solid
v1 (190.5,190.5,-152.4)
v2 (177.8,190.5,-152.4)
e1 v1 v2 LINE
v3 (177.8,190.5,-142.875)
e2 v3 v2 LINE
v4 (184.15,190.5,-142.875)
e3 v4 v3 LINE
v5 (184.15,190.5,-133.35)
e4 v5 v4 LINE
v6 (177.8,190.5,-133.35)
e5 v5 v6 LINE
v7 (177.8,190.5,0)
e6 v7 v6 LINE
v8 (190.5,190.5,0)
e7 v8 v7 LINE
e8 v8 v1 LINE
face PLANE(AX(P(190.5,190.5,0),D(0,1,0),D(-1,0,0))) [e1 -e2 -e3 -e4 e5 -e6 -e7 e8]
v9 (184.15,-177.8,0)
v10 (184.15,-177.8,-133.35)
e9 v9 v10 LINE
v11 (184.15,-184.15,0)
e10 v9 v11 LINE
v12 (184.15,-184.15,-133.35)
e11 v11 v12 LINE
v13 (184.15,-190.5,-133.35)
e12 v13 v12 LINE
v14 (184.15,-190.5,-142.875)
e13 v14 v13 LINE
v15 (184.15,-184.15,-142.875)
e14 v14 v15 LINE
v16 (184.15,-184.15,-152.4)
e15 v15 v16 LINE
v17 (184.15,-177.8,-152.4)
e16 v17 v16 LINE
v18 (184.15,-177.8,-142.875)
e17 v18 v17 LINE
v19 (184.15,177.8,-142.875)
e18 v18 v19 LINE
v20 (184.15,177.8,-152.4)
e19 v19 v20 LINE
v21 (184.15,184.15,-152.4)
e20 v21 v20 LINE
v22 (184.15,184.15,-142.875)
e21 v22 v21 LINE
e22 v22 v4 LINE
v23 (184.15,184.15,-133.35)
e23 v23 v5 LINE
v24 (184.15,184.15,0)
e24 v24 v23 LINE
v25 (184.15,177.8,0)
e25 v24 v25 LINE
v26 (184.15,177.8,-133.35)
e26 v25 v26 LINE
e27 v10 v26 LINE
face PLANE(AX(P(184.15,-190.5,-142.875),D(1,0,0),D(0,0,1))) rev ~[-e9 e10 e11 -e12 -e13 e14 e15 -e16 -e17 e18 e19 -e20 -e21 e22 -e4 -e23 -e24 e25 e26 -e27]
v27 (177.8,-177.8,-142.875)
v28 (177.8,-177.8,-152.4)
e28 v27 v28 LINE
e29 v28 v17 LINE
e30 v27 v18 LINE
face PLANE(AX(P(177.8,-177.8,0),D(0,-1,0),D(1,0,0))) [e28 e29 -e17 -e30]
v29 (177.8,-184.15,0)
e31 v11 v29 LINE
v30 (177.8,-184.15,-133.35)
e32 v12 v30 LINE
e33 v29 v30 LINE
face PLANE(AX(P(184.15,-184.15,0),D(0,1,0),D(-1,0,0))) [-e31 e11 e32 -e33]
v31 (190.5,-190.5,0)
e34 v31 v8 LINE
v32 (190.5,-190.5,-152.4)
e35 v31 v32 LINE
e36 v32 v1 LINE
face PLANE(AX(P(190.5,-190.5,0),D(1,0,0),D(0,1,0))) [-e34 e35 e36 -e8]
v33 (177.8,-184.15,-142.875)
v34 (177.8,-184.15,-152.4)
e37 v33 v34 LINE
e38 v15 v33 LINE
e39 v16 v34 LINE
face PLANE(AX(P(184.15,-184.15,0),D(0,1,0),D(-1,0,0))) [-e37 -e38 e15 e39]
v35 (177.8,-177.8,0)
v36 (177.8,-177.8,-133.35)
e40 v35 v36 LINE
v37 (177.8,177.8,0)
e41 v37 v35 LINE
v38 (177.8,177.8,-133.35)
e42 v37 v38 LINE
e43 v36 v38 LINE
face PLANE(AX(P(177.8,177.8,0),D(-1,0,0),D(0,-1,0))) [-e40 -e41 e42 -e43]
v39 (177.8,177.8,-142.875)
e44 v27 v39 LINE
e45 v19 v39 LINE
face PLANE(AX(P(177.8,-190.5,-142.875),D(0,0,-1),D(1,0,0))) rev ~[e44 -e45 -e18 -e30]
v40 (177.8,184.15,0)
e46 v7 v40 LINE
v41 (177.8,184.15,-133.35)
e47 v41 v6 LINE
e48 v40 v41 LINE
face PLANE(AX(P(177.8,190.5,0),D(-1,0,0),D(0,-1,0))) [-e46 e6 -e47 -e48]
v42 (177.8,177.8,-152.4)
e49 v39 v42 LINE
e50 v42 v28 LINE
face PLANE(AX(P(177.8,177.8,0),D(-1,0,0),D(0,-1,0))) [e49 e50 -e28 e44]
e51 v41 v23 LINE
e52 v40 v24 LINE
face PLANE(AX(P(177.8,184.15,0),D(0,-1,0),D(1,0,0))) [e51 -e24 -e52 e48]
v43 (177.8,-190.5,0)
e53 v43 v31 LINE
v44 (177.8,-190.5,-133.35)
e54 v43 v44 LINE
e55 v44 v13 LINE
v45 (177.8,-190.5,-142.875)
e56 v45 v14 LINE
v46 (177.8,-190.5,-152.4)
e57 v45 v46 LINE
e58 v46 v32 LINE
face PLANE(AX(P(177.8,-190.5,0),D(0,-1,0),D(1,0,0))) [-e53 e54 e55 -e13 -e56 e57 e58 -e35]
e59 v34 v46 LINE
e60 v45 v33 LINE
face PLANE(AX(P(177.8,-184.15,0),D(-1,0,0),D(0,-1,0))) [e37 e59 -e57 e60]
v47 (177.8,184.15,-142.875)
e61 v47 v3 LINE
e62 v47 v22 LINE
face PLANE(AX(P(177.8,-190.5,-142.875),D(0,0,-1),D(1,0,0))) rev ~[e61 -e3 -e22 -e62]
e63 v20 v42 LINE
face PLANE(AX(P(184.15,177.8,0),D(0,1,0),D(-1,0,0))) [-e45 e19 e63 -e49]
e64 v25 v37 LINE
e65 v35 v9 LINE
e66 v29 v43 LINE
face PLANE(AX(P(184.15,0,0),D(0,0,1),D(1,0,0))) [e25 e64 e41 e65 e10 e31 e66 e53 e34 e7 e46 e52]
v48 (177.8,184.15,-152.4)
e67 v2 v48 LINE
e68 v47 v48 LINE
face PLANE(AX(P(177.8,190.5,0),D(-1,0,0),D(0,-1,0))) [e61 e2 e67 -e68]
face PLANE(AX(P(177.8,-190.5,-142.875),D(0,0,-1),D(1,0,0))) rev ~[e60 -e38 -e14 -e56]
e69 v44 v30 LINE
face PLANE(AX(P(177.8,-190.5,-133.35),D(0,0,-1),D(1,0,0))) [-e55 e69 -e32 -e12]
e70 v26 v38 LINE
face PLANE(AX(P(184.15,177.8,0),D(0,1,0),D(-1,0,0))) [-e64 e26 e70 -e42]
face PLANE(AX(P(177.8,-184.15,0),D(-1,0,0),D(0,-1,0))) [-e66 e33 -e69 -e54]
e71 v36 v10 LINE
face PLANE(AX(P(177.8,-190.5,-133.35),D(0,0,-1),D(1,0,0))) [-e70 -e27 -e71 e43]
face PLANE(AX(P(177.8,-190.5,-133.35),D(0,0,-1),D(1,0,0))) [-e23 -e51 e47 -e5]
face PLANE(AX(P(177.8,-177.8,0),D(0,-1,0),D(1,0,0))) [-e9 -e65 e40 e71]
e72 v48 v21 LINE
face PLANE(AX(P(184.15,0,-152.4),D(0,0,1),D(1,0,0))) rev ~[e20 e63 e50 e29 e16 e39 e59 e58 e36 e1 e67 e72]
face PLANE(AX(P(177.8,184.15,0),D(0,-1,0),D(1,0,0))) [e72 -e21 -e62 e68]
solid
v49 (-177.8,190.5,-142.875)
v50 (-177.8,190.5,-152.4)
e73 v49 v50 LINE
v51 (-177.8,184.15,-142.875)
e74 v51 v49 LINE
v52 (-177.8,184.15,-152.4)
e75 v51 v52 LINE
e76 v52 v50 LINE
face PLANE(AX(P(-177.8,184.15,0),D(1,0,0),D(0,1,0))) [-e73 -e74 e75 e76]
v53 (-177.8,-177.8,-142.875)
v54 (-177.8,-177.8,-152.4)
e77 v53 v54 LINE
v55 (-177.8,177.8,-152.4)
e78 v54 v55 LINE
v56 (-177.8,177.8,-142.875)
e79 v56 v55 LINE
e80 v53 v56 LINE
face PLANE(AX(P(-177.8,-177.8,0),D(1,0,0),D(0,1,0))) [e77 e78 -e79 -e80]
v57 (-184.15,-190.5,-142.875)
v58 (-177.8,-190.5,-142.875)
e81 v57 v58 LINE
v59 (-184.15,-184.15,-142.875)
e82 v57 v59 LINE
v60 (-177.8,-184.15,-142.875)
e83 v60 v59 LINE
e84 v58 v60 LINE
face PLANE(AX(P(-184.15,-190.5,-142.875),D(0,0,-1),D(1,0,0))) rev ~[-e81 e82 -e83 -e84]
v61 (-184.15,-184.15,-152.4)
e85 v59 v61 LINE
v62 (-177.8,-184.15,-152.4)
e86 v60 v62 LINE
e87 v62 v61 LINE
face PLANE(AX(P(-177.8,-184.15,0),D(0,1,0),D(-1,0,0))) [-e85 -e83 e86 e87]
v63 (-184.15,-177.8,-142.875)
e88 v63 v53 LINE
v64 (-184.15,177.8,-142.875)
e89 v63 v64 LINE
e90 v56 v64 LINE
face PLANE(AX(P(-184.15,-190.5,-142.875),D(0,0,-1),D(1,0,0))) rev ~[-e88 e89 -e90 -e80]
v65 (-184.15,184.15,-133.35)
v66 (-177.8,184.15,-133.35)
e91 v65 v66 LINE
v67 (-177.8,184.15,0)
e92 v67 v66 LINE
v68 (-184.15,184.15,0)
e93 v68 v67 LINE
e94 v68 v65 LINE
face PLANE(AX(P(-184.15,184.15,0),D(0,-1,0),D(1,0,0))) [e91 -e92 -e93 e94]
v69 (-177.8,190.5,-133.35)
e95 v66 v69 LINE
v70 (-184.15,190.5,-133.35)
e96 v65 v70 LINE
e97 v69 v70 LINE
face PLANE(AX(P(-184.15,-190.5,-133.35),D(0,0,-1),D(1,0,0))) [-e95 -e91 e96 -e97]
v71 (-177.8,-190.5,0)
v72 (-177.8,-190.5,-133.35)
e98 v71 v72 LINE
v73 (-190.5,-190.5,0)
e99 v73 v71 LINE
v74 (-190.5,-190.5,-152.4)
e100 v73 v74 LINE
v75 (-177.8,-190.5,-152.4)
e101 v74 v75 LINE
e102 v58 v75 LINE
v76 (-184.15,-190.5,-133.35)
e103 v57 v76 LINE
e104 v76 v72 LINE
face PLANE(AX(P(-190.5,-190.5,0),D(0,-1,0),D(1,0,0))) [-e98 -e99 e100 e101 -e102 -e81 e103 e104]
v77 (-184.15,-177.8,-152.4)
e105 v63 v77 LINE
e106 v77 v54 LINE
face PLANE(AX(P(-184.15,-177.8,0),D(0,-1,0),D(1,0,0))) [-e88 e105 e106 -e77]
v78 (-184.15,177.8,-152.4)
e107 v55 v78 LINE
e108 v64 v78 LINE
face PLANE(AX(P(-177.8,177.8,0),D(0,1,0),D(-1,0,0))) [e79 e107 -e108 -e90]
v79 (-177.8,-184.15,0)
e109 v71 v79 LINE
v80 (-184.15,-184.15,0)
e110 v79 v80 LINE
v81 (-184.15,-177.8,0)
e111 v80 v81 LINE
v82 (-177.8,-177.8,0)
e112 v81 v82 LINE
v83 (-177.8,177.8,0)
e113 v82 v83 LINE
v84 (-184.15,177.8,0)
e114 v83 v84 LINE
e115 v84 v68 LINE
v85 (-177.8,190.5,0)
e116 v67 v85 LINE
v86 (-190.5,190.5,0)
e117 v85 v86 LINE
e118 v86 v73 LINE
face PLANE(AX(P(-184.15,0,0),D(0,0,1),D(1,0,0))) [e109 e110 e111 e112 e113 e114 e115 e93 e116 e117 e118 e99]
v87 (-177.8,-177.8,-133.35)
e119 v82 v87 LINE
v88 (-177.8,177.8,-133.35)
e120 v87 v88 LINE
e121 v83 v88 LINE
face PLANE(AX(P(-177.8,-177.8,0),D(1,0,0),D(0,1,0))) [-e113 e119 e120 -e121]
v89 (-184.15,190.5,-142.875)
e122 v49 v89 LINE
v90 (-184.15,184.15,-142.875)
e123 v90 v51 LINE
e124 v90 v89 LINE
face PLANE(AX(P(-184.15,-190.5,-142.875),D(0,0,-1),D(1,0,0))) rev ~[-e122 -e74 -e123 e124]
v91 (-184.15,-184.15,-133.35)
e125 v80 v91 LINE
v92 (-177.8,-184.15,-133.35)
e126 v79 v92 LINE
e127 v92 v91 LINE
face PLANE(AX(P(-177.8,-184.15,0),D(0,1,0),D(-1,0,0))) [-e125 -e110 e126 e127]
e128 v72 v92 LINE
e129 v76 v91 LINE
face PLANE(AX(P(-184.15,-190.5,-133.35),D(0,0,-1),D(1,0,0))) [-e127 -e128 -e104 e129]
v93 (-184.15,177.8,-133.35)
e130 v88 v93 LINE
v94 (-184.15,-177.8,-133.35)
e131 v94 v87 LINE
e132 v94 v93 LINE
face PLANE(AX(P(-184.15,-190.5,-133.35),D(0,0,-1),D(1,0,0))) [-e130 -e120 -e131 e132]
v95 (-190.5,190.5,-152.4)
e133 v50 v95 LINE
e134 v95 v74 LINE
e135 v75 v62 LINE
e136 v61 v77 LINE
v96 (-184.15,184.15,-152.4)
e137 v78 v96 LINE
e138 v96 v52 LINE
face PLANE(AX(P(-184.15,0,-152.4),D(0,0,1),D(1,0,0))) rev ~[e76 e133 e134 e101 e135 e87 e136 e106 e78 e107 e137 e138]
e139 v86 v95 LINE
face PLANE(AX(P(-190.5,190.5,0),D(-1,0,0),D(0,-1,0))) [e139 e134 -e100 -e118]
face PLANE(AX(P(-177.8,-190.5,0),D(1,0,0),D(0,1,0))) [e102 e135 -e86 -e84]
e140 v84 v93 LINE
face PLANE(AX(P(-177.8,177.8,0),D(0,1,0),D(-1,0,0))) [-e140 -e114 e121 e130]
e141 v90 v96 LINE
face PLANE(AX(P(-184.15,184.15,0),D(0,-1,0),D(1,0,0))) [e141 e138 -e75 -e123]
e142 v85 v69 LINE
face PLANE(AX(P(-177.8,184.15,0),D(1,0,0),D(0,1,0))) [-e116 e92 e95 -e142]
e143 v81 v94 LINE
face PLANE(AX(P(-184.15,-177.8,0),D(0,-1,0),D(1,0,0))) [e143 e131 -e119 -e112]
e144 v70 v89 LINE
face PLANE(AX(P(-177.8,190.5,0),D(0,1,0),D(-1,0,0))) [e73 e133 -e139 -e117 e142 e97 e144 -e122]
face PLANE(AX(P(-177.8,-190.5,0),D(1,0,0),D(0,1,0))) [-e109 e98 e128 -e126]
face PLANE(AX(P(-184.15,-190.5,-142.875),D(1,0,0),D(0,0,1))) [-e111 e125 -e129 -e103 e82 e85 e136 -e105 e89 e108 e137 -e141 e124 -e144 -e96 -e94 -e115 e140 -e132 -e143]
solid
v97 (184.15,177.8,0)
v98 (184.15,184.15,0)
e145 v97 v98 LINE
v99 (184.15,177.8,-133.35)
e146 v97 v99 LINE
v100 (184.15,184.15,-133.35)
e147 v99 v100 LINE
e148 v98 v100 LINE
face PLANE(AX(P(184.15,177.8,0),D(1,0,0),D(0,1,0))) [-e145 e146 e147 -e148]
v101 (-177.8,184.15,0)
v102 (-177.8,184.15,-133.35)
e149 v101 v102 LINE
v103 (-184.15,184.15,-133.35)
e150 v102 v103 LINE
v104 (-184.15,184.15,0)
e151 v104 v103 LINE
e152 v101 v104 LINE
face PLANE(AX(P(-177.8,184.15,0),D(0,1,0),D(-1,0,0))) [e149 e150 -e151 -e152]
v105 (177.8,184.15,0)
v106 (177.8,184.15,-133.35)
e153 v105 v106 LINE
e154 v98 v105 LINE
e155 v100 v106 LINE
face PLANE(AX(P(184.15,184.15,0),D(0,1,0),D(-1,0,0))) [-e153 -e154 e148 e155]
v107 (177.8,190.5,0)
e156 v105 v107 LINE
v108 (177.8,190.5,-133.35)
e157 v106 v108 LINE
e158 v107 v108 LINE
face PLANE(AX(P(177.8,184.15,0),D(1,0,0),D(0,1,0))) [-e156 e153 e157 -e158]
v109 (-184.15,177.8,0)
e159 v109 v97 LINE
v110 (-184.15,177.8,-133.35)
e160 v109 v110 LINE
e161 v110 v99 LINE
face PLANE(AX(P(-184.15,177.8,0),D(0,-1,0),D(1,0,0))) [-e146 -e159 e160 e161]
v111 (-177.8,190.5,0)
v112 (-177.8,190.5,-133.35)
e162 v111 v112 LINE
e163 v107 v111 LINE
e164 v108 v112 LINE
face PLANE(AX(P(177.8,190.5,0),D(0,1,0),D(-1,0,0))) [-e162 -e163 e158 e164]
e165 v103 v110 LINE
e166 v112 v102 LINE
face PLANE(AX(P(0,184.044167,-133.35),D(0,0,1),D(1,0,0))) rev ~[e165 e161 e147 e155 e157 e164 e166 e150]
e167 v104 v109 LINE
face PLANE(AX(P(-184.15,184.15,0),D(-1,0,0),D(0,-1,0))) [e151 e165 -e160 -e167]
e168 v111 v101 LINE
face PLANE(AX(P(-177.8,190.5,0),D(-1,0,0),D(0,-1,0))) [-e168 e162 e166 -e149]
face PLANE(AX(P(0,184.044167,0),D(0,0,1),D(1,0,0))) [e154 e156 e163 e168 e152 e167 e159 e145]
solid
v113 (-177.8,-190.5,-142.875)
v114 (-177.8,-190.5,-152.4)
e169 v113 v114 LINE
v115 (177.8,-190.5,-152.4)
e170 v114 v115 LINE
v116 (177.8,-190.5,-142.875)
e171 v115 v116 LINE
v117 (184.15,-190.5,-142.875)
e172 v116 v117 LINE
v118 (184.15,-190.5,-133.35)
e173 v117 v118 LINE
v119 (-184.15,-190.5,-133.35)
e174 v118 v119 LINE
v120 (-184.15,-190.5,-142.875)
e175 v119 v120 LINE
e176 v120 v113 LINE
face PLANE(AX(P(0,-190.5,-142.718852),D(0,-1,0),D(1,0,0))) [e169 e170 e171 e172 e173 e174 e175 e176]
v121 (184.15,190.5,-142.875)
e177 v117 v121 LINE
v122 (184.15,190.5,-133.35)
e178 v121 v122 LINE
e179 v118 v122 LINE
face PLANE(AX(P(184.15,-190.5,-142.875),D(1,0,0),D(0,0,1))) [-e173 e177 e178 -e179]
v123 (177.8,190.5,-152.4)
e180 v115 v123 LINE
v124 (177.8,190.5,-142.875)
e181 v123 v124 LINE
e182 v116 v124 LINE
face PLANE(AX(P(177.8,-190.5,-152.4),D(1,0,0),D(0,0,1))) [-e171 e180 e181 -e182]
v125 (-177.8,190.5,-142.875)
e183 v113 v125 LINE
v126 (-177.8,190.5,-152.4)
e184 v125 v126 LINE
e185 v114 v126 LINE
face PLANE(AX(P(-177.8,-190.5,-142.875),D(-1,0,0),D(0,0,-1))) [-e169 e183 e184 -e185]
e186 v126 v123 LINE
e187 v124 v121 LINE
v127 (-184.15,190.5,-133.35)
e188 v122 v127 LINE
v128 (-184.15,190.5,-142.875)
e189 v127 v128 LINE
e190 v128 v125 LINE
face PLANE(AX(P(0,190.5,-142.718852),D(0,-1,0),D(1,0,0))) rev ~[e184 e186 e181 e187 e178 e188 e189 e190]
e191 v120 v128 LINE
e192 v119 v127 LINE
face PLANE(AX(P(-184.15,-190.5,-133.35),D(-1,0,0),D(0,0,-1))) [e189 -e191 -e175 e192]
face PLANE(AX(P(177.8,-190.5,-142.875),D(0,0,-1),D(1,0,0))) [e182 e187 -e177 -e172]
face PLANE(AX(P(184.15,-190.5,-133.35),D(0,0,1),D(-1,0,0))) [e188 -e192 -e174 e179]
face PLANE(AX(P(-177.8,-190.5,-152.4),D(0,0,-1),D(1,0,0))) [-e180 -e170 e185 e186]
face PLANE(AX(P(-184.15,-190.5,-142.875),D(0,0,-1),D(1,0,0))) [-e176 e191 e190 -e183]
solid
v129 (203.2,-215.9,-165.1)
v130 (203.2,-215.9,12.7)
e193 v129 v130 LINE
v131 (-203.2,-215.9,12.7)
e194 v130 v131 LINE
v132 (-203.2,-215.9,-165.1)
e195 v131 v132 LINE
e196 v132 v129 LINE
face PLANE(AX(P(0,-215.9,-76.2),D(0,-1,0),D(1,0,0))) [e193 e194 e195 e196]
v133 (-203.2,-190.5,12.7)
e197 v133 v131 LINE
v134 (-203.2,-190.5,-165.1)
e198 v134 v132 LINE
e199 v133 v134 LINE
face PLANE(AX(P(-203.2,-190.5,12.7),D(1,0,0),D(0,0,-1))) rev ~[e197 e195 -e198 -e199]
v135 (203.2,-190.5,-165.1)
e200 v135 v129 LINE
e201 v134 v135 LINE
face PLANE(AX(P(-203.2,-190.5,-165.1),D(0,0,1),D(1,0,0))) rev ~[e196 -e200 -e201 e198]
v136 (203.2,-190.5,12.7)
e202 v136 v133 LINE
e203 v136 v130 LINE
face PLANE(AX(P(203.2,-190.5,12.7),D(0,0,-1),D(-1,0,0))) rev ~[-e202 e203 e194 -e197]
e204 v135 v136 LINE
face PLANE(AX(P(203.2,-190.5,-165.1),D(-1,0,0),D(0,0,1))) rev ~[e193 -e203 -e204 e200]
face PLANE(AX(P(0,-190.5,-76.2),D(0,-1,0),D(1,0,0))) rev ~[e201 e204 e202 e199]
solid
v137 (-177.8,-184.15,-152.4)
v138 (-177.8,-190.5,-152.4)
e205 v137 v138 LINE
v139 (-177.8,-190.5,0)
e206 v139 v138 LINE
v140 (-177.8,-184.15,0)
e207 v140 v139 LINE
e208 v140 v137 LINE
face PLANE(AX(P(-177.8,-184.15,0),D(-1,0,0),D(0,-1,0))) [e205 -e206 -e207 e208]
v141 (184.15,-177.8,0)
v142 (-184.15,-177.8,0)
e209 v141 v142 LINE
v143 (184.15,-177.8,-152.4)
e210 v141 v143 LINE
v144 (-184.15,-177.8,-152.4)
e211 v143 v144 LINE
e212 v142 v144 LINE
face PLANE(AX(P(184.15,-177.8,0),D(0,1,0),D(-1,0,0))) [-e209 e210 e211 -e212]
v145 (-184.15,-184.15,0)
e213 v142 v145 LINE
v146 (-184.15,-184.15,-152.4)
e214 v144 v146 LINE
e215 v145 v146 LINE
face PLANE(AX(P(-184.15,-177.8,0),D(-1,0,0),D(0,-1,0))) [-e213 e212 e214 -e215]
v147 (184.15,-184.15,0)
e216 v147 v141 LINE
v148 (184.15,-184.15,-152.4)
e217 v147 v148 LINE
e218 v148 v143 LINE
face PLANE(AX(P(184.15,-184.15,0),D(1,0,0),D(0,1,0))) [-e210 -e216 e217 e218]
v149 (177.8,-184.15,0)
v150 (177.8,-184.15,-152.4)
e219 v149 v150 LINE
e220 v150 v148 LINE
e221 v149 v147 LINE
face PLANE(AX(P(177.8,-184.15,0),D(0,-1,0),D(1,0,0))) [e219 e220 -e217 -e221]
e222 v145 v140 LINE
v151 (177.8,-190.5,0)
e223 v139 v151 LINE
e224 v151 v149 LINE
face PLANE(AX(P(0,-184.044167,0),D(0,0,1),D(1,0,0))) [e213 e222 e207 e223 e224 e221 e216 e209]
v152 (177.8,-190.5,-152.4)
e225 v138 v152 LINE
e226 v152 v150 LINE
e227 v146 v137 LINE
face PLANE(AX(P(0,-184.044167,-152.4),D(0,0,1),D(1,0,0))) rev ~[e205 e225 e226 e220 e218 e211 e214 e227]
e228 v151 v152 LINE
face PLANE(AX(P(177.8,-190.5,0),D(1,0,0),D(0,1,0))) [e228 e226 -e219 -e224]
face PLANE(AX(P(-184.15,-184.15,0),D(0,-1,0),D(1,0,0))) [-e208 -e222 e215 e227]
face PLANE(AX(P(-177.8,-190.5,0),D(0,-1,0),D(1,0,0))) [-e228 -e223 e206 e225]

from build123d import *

# Parameters (mm, degrees)
F1_DEPTH  = 152.4
F2_DEPTH  = 152.4
F3_DEPTH  = 133.35
F4_W      = 6.35
F4_H      = 9.525
F5_DEPTH  = 381.001
F6_DEPTH  = 381.001
F8_DEPTH  = 381
F9_W      = 355.6
F9_H      = 152.4
F10_DEPTH = 25.4


with BuildPart() as f1:
    # F0 (on Top) → F1 (new body)
    with BuildSketch(Plane.XY):
        Polygon((-177.8, -190.5), (177.8, -190.5), (177.8, -184.15), (184.15, -184.15), (184.15, -177.8), (177.8, -177.8), (-177.8, -177.8), (-184.15, -177.8), (-184.15, -184.15), (-177.8, -184.15), align=None)
    extrude(amount=-F1_DEPTH)


with BuildPart() as f2:
    # F0 (on Top) → F2 (new body)
    with BuildSketch(Plane.XY):
        Polygon((-190.5, -190.5), (-177.8, -190.5), (-177.8, -184.15), (-184.15, -184.15), (-184.15, -177.8), (-177.8, -177.8), (-177.8, 177.8), (-184.15, 177.8), (-184.15, 184.15), (-177.8, 184.15), (-177.8, 190.5), (-190.5, 190.5), align=None)
    extrude(amount=-F2_DEPTH)

    # F4 (on face) → F5 (cut, through all)
    with BuildSketch(Plane.XZ.offset(190.5)):
        with Locations((-180.975, -138.1125)):
            Rectangle(F4_W, F4_H)
    extrude(amount=-F5_DEPTH, mode=Mode.SUBTRACT)


with BuildPart() as f2b:
    # F0 (on Top) → F2, piece 2 (new body)
    with BuildSketch(Plane.XY):
        Polygon((177.8, -190.5), (190.5, -190.5), (190.5, 190.5), (177.8, 190.5), (177.8, 184.15), (184.15, 184.15), (184.15, 177.8), (177.8, 177.8), (177.8, -177.8), (184.15, -177.8), (184.15, -184.15), (177.8, -184.15), align=None)
    extrude(amount=-F2_DEPTH)

    # F4 (on face) → F6 (cut, through all)
    with BuildSketch(Plane.XZ.offset(190.5)):
        with Locations((180.975, -138.1125)):
            Rectangle(F4_W, F4_H)
    extrude(amount=-F6_DEPTH, mode=Mode.SUBTRACT)


with BuildPart() as f3:
    # F0 (on Top) → F3 (new body)
    with BuildSketch(Plane.XY):
        Polygon((177.8, 184.15), (177.8, 190.5), (-177.8, 190.5), (-177.8, 184.15), (-184.15, 184.15), (-184.15, 177.8), (-177.8, 177.8), (177.8, 177.8), (184.15, 177.8), (184.15, 184.15), align=None)
    extrude(amount=-F3_DEPTH)


with BuildPart() as f8:
    # F7 (on face) → F8 (new body, through all)
    with BuildSketch(Plane.XZ.offset(190.5)):
        Polygon((184.15, -142.875), (184.15, -133.35), (-177.8, -133.35), (-184.15, -133.35), (-184.15, -142.875), (-177.8, -142.875), (-177.8, -152.4), (177.8, -152.4), (177.8, -142.875), align=None)
    extrude(amount=-F8_DEPTH)


with BuildPart() as f10:
    # F9 (on face) → F10 (new body)
    with BuildSketch(Plane.XZ.offset(190.5)):
        Polygon((203.2, -165.1), (203.2, 12.7), (177.8, 12.7), (-177.8, 12.7), (-203.2, 12.7), (-203.2, -165.1), (-177.8, -165.1), (177.8, -165.1), align=None)
        with Locations((0, -76.2)):
            Rectangle(F9_W, F9_H, mode=Mode.SUBTRACT)
        with Locations((0, -76.2)):
            Rectangle(F9_W, F9_H)
    extrude(amount=F10_DEPTH)


solid = Compound([f1.part, f2.part, f2b.part, f3.part, f8.part, f10.part])
